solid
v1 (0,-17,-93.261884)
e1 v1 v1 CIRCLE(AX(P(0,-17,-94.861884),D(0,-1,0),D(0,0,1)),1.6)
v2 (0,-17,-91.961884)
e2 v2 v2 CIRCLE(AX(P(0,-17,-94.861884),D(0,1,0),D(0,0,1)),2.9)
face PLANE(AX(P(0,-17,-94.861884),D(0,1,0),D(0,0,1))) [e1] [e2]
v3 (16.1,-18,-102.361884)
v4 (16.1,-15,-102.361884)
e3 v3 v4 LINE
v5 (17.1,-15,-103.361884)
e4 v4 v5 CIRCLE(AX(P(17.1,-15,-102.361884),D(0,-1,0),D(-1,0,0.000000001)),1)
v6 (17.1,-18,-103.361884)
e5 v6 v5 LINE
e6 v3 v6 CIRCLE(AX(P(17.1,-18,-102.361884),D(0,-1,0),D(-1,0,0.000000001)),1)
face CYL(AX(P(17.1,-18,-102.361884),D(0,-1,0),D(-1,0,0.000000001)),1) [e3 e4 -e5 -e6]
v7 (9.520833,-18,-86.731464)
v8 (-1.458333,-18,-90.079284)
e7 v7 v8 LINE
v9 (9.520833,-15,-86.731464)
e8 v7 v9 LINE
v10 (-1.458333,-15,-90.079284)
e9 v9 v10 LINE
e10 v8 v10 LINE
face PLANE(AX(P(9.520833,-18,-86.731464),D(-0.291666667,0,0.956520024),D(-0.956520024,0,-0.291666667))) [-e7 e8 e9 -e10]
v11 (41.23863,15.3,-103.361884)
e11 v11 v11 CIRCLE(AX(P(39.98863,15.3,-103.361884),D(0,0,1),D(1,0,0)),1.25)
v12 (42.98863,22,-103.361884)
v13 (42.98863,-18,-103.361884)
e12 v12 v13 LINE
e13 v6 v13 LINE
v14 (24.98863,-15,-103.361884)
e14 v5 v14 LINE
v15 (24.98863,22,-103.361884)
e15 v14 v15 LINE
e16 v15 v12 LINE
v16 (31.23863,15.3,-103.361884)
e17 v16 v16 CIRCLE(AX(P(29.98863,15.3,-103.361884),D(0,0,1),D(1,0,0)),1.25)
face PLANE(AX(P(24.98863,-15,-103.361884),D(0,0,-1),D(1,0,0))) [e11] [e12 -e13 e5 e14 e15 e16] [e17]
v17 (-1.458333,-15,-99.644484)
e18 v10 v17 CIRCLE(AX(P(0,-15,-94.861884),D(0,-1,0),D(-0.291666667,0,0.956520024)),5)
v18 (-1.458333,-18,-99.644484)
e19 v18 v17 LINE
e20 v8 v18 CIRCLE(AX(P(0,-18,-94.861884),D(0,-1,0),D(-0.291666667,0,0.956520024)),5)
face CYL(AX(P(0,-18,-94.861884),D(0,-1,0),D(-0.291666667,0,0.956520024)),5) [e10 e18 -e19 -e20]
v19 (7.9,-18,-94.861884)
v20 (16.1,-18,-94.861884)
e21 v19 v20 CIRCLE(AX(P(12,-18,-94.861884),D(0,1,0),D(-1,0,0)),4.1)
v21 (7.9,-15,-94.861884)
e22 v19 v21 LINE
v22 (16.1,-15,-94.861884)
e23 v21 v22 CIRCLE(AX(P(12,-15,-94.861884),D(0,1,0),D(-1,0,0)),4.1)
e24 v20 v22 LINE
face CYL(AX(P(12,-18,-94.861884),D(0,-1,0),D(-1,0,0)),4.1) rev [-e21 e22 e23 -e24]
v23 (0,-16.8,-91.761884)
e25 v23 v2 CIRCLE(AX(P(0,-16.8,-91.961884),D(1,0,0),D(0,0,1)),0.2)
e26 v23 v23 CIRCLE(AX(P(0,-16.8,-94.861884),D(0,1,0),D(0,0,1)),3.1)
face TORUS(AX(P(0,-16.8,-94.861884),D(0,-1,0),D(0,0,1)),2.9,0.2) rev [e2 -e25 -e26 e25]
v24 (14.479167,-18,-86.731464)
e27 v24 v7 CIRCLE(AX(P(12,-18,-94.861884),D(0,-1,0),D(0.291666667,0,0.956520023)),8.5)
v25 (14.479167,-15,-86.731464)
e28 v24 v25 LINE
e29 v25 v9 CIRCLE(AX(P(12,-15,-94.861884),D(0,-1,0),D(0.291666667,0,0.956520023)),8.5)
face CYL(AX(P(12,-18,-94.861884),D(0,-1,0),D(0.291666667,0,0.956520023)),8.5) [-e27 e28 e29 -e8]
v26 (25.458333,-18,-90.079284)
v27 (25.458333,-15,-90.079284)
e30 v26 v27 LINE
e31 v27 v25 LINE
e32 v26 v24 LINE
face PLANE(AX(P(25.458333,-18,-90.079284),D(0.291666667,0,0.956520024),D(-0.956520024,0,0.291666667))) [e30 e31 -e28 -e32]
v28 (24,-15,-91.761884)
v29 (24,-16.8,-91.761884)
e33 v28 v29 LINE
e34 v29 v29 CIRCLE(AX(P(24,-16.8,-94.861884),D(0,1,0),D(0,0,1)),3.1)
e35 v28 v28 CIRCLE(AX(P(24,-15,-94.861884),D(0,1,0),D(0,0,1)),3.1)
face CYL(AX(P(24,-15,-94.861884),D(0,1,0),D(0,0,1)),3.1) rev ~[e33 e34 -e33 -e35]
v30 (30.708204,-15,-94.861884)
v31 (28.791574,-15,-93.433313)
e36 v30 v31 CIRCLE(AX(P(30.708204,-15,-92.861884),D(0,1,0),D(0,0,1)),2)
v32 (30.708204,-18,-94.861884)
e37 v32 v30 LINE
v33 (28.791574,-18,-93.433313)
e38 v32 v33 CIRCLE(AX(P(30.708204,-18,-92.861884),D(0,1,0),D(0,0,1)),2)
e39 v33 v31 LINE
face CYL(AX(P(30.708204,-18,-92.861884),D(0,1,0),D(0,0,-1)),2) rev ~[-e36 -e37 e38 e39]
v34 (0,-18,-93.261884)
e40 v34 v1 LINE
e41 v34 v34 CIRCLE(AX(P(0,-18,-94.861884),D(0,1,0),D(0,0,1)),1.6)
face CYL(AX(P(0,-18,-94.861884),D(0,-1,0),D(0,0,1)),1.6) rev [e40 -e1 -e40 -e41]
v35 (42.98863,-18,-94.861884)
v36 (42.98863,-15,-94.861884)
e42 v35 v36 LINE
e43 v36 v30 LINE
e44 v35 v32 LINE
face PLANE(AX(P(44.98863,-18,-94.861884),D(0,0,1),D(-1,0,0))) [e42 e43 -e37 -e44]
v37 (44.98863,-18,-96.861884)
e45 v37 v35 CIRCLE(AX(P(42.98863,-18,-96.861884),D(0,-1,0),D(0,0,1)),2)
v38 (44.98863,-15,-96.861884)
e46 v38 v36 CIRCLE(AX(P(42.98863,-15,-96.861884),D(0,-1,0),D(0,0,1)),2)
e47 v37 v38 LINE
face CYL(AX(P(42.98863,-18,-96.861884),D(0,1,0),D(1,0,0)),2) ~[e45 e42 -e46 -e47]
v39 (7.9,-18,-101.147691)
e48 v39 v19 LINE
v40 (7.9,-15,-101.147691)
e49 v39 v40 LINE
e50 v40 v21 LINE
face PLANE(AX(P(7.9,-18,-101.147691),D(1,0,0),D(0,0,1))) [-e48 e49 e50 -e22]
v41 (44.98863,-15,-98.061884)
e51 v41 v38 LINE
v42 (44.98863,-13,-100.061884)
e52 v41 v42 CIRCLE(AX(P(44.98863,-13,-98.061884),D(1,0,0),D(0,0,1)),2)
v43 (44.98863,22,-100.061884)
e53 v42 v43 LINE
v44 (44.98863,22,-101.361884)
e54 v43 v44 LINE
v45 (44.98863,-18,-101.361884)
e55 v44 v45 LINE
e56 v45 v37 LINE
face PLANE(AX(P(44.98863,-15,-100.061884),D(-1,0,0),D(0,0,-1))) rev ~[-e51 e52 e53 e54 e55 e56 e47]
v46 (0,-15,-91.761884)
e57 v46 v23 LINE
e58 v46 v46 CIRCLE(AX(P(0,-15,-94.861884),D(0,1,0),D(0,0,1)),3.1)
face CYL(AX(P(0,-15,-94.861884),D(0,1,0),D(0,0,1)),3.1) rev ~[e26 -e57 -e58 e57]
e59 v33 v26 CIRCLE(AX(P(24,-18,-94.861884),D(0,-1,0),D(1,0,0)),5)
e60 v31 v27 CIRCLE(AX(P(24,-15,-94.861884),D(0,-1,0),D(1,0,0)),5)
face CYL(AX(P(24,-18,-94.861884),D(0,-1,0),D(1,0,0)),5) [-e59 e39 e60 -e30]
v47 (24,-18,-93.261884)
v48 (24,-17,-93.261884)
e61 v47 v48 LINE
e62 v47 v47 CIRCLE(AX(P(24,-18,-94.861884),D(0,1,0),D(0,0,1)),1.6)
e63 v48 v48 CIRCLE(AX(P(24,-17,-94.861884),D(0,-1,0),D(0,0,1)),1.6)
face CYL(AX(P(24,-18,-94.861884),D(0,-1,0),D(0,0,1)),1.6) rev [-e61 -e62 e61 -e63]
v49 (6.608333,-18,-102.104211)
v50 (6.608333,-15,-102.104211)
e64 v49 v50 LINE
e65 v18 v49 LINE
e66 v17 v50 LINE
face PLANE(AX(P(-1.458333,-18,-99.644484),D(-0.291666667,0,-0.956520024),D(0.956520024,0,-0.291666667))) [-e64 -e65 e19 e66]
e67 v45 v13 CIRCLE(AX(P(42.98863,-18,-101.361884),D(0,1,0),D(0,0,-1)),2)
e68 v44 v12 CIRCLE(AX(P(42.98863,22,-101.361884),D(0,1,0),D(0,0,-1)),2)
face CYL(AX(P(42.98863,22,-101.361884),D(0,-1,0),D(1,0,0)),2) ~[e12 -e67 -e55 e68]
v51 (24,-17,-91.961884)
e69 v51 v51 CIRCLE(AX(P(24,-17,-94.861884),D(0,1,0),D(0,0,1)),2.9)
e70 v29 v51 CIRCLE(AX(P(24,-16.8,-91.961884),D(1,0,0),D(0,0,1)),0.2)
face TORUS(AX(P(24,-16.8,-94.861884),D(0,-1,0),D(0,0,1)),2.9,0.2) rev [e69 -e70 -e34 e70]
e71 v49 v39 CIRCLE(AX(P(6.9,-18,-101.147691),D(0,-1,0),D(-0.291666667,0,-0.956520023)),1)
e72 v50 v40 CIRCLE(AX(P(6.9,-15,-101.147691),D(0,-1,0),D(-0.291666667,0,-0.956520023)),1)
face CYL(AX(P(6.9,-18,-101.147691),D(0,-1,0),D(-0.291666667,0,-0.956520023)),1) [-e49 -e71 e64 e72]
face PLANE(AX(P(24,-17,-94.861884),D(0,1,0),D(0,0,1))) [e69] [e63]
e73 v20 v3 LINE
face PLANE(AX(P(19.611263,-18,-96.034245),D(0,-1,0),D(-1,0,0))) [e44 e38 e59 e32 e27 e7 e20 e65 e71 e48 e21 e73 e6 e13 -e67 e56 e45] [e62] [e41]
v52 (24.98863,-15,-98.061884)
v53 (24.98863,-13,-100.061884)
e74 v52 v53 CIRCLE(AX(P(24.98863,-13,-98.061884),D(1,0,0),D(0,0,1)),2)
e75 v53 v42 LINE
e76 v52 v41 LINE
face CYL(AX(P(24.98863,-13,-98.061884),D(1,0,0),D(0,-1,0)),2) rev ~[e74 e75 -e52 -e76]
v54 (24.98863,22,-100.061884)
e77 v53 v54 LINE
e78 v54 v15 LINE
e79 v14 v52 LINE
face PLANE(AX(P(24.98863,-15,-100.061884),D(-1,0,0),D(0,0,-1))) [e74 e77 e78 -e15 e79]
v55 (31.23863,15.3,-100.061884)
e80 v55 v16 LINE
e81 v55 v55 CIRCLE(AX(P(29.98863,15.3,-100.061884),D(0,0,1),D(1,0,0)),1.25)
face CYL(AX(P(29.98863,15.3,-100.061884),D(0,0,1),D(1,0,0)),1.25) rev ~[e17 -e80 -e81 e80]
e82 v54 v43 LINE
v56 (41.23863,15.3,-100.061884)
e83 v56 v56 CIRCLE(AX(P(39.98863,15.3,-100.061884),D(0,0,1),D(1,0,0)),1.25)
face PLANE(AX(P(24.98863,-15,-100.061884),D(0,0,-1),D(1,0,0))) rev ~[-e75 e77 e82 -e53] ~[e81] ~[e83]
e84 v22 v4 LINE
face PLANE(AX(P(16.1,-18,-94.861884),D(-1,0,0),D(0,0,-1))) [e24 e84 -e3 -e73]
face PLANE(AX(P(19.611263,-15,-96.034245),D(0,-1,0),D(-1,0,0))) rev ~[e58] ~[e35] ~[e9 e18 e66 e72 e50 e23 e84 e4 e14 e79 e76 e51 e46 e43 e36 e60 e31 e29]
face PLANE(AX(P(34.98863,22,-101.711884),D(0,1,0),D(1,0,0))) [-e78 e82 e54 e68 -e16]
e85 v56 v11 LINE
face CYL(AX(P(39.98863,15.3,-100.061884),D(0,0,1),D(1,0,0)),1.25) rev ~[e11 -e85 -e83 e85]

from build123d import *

# Parameters (mm, degrees)
SKETCH_1_R          = 1.6
EXTRUDE_1_DEPTH     = 3
SKETCH_2_R          = 3.1
CUT_EXTRUDE_1_DEPTH = 2
FILLET_1_R          = 0.2
SKETCH_4_W          = 20
SKETCH_4_H          = 3.3
EXTRUDE_2_DEPTH     = 37
FILLET_2_R          = 2
SKETCH_5_R          = 1.25
CUT_EXTRUDE_2_DEPTH = 3.3


with BuildPart() as part:
    # Эскиз1 → Бобышка-Вытянуть1 (new body)
    with BuildSketch(Plane(origin=(0, -18, 0), x_dir=(1, 0, 0), z_dir=(0, 1, 0))):
        with BuildLine():
            Line((9.520833333, 86.731463811), (-1.458333333, 90.079283893))
            ThreePointArc((-1.458333333, 90.079283893), (-5, 94.861884011), (-1.458333333, 99.644484129))
            Line((-1.458333333, 99.644484129), (6.608333333, 102.104210763))
            ThreePointArc((6.608333333, 102.104210763), (7.495119036, 101.951328303), (7.9, 101.14769074))
            Line((7.9, 101.14769074), (7.9, 94.861884011))
            ThreePointArc((7.9, 94.861884011), (12, 90.761884011), (16.1, 94.861884011))
            Line((16.1, 94.861884011), (16.1, 102.361884011))
            ThreePointArc((16.1, 102.361884011), (16.392893219, 103.068990793), (17.1, 103.361884011))
            Line((17.1, 103.361884011), (44.988630488, 103.361884011))
            Line((44.988630488, 103.361884011), (44.988630488, 94.861884011))
            Line((44.988630488, 94.861884011), (29, 94.861884011))
            ThreePointArc((29, 94.861884011), (28.018187817, 91.886288833), (25.458333333, 90.079283893))
            Line((25.458333333, 90.079283893), (14.479166667, 86.731463811))
            ThreePointArc((14.479166667, 86.731463811), (12, 86.361884011), (9.520833333, 86.731463811))
        make_face()
        with Locations(Location((24, 94.861884011, 0), (0, 0, 270))):
            Circle(SKETCH_1_R, mode=Mode.SUBTRACT)
        with Locations(Location((0, 94.861884011, 0), (0, 0, 270))):
            Circle(SKETCH_1_R, mode=Mode.SUBTRACT)
    extrude(amount=EXTRUDE_1_DEPTH)

    # Эскиз2 → Вырез-Вытянуть1 (cut)
    with BuildSketch(Plane(origin=(0, -15, 0), x_dir=(1, 0, 0), z_dir=(0, 1, 0))):
        with Locations(Location((0, 94.861884011, 0), (0, 0, 270))):
            Circle(SKETCH_2_R)
        with Locations(Location((24, 94.861884011, 0), (0, 0, 270))):
            Circle(SKETCH_2_R)
    extrude(amount=-CUT_EXTRUDE_1_DEPTH, mode=Mode.SUBTRACT)

    # Скругление1
    fillet_1_edges = [part.edges().sort_by_distance(p)[0] for p in [
        (0, -17, -97.961884011),
        (24, -17, -97.961884011),
    ]]
    fillet(fillet_1_edges, radius=FILLET_1_R)

    # Эскиз4 → Бобышка-Вытянуть2 (add)
    with BuildSketch(Plane(origin=(0, -15, 0), x_dir=(1, 0, 0), z_dir=(0, 1, 0))):
        with Locations((34.988630488, 101.711884011)):
            Rectangle(SKETCH_4_W, SKETCH_4_H)
    extrude(amount=EXTRUDE_2_DEPTH)

    # Скругление2
    fillet_2_edges = [part.edges().sort_by_distance(p)[0] for p in [
        (44.988630488, 2, -103.361884011),
        (44.988630488, -16.5, -94.861884011),
        (29, -16.5, -94.861884011),
        (34.988630488, -15, -100.061884011),
    ]]
    fillet(fillet_2_edges, radius=FILLET_2_R)

    # Эскиз5 → Вырез-Вытянуть2 (cut)
    with BuildSketch(Plane.XY.offset(-100.061884011)):
        with Locations((39.988630488, 15.3)):
            Circle(SKETCH_5_R)
        with Locations((29.988630488, 15.3)):
            Circle(SKETCH_5_R)
    extrude(amount=-CUT_EXTRUDE_2_DEPTH, mode=Mode.SUBTRACT)


solid = part.part
